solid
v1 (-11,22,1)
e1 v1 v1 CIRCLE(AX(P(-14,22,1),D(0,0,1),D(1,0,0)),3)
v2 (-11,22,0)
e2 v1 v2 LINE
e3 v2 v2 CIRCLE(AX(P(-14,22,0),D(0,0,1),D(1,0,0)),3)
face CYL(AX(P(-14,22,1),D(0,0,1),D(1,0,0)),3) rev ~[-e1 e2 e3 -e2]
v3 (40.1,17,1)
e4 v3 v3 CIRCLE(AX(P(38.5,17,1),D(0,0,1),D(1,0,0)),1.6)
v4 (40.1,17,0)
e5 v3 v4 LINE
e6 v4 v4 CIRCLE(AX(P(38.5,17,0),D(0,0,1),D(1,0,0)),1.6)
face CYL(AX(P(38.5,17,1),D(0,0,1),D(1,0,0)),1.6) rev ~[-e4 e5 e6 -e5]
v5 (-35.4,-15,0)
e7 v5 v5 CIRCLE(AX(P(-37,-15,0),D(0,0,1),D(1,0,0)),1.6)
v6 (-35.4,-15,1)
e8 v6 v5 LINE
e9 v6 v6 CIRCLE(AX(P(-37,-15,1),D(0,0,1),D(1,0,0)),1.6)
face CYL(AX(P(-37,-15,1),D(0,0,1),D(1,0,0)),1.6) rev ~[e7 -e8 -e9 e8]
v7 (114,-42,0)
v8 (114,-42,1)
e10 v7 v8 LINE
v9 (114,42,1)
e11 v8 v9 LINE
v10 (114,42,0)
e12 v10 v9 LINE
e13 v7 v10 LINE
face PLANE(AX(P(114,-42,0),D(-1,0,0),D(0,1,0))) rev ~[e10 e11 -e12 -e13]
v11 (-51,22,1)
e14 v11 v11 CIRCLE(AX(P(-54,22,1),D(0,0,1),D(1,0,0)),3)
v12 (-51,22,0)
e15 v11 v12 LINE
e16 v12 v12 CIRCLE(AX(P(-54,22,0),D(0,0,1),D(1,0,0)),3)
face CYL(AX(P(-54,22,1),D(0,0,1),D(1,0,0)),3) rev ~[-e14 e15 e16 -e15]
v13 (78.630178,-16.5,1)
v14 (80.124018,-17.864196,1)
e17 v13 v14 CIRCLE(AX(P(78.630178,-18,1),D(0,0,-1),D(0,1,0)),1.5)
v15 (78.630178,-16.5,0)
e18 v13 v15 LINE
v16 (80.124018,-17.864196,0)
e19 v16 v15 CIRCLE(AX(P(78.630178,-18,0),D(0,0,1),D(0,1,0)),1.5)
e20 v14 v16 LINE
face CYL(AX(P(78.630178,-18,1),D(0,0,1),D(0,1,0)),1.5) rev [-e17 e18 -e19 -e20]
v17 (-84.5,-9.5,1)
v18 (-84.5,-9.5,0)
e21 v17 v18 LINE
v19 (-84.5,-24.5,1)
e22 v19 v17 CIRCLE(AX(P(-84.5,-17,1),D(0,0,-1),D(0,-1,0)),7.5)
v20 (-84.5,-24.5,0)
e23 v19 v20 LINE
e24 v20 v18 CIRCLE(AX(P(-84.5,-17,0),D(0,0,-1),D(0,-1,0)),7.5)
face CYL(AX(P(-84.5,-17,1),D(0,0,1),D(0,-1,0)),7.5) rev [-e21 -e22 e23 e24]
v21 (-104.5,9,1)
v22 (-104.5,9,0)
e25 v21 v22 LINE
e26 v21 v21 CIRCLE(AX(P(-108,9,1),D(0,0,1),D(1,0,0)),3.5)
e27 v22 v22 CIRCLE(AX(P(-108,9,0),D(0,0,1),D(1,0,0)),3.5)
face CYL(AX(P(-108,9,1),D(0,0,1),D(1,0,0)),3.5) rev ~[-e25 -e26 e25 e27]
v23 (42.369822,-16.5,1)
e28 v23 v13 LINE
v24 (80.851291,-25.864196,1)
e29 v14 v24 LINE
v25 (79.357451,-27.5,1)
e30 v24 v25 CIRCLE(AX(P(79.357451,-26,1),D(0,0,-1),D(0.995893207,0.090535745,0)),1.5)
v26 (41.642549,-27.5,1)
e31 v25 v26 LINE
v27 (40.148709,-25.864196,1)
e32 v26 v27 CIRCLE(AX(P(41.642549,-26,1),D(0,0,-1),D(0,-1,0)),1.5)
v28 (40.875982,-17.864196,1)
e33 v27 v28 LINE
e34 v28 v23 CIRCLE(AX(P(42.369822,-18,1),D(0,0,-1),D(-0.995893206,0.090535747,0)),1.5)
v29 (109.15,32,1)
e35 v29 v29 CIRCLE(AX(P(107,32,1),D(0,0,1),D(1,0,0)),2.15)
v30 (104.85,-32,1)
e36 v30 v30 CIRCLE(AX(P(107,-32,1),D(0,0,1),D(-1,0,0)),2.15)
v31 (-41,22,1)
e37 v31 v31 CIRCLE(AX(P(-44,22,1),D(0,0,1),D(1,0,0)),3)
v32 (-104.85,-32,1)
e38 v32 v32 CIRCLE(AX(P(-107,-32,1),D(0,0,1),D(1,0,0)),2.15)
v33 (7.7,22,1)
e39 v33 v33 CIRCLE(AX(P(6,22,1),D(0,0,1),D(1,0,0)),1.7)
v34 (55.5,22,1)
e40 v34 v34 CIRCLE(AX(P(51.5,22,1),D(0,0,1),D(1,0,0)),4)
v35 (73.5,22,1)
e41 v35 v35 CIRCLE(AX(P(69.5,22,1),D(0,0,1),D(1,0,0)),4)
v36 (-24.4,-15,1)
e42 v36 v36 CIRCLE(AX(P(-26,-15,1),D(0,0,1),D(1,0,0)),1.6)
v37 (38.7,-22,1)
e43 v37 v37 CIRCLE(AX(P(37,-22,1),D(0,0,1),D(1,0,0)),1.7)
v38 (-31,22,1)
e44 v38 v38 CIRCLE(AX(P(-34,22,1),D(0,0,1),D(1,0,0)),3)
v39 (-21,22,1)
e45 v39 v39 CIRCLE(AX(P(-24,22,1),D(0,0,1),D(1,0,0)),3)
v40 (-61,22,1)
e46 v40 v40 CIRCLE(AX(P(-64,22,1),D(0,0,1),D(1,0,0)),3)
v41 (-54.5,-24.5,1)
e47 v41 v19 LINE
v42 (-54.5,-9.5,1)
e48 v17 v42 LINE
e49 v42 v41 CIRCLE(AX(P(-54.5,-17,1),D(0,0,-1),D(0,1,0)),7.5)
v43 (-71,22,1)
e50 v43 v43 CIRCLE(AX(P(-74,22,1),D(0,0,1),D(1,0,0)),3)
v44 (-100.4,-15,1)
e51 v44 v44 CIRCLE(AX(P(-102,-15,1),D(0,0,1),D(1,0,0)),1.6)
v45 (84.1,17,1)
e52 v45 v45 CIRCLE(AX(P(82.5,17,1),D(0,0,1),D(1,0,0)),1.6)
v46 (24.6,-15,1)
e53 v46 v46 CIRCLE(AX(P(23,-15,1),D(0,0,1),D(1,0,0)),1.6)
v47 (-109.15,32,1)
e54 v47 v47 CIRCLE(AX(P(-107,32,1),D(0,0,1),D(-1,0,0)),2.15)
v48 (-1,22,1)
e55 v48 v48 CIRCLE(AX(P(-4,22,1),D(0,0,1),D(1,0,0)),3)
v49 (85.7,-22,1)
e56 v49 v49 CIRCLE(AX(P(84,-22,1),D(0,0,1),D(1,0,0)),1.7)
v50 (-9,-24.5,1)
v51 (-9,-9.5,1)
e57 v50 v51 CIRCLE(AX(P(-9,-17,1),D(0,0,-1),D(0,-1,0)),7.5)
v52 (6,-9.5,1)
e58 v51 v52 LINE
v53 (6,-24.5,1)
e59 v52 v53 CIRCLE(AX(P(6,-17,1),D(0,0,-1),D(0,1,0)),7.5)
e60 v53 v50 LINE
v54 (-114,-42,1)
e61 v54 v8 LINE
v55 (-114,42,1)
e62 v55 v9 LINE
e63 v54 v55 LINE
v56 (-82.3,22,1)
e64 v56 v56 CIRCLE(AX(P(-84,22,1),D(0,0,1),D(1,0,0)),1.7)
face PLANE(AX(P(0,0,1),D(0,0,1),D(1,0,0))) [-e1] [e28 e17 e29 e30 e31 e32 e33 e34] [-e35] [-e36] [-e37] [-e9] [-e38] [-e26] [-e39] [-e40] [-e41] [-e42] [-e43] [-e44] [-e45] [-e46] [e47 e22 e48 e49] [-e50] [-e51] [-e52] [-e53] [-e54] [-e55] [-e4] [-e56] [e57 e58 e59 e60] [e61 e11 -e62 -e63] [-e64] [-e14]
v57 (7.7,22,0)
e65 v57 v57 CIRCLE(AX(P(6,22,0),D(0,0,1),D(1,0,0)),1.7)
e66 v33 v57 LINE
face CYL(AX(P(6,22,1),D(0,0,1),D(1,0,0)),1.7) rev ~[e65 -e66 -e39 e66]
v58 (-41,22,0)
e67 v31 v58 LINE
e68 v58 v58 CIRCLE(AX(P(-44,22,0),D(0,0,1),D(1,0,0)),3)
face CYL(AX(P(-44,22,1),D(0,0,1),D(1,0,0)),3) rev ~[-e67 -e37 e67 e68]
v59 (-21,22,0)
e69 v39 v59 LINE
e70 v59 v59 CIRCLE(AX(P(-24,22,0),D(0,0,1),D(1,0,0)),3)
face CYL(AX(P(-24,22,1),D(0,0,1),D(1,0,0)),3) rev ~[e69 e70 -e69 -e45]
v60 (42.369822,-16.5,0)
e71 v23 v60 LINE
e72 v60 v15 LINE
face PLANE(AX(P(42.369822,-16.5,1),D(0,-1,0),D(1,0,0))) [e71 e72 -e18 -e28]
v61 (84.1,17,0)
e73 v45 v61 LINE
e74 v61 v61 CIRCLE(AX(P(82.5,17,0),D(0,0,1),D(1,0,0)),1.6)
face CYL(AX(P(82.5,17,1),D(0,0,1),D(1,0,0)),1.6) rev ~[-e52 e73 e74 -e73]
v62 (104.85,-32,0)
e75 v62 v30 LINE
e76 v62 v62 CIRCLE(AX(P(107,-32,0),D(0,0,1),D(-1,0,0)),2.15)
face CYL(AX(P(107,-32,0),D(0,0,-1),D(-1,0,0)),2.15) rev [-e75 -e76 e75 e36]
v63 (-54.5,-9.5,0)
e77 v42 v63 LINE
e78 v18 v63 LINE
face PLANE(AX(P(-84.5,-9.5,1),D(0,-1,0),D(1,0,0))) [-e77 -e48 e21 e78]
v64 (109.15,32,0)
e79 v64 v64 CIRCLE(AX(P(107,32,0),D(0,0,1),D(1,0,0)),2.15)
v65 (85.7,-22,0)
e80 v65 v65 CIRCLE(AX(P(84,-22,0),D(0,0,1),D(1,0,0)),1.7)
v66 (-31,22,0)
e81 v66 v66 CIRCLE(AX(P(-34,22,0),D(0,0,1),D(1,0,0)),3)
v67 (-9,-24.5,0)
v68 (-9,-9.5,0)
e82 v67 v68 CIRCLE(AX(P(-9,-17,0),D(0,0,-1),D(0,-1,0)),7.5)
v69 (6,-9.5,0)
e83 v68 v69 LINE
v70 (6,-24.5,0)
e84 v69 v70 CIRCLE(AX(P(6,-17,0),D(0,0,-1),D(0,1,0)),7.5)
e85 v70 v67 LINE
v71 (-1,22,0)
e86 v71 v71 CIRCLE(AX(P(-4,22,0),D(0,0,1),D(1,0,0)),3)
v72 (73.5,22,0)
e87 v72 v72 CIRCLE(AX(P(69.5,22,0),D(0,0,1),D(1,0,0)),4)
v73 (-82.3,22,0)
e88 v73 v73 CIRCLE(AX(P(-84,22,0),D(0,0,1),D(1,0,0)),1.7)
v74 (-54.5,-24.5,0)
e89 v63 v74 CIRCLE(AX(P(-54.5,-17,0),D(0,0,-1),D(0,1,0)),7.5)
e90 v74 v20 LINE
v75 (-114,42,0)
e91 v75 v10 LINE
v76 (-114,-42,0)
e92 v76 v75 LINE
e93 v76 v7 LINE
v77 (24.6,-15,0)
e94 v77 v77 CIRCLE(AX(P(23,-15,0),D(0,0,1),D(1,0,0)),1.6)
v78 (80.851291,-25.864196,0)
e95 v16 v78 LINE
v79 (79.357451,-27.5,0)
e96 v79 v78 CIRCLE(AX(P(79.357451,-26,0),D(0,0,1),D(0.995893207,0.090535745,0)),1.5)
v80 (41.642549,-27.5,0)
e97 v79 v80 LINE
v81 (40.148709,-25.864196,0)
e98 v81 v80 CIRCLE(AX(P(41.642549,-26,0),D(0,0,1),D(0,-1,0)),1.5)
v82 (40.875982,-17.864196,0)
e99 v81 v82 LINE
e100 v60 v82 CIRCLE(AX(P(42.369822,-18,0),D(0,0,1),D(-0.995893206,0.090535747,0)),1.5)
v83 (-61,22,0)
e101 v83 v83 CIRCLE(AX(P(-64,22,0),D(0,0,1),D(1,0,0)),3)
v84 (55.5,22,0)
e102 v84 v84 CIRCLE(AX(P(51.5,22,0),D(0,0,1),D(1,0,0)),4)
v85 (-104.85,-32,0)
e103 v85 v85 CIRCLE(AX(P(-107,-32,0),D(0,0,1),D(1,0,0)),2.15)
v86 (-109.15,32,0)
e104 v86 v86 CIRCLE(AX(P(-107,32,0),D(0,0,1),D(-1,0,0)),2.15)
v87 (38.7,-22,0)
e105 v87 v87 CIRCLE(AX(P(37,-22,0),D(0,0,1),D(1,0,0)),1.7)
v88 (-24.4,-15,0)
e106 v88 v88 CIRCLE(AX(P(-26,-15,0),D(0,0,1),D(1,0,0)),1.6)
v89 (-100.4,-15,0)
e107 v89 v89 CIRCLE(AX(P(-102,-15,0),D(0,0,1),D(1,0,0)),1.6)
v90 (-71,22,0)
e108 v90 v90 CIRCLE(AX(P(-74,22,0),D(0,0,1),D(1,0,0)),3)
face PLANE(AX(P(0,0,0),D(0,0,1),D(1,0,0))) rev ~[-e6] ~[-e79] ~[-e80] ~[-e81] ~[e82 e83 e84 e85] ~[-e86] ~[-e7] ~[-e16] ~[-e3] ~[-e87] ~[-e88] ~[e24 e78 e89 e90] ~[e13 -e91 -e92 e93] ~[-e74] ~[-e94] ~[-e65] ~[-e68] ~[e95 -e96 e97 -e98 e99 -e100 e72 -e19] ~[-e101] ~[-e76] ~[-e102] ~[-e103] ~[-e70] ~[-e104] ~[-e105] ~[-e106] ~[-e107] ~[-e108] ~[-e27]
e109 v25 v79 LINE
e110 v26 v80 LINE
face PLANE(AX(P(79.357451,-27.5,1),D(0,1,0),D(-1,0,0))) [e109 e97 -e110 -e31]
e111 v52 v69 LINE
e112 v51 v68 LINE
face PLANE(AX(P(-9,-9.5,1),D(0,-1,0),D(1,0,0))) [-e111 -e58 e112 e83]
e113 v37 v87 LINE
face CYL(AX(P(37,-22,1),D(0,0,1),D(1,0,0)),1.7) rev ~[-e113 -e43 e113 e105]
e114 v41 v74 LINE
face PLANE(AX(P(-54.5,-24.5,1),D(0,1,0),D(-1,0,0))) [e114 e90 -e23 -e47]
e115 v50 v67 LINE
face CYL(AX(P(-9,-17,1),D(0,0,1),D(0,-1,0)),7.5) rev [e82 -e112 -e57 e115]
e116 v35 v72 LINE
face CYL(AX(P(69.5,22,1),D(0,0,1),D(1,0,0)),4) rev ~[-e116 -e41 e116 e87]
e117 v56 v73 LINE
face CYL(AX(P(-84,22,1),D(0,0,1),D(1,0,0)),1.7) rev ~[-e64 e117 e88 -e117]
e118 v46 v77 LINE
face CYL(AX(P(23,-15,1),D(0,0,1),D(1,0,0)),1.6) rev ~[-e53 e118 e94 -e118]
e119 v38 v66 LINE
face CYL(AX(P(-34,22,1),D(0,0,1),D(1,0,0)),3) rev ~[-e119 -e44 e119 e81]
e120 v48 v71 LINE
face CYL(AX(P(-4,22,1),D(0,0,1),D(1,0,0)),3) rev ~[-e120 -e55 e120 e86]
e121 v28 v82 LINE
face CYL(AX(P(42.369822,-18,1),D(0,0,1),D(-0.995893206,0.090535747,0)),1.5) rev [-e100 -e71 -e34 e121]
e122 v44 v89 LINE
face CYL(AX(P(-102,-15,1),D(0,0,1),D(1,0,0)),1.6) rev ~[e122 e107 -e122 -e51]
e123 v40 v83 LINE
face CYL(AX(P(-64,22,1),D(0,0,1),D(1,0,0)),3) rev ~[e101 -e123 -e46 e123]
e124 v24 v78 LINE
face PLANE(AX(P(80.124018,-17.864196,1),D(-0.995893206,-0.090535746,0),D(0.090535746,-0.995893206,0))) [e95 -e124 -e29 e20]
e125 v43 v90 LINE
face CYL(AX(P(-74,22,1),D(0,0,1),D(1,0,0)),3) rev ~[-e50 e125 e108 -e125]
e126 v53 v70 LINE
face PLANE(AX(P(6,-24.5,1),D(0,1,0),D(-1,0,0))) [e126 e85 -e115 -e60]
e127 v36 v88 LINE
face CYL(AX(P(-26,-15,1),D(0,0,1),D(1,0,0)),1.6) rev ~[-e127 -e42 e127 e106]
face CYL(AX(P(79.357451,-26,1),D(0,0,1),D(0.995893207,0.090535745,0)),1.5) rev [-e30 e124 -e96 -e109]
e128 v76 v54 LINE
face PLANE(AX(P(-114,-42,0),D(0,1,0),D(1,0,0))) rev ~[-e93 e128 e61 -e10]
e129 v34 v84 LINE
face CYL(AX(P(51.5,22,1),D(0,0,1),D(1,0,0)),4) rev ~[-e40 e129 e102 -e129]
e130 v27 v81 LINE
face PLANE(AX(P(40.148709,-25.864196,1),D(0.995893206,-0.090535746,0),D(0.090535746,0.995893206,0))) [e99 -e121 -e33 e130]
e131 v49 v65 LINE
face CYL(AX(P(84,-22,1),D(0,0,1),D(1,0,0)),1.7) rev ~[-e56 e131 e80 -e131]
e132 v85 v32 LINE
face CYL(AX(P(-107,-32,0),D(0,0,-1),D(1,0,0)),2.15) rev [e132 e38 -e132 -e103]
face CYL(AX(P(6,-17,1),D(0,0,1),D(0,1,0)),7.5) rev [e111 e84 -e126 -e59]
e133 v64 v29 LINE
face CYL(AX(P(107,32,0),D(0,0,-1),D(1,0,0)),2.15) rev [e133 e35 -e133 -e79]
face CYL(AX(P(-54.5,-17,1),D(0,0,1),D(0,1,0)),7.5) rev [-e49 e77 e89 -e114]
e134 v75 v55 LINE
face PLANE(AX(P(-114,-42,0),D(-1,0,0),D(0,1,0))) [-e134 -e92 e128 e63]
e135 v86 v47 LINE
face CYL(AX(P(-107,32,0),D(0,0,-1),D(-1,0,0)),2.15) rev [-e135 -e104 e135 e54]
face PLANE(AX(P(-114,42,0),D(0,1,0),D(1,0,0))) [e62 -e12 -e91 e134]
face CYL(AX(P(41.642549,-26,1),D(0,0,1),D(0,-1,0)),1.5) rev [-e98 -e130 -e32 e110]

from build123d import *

# Parameters (mm, degrees)
SKETCH_1_W          = 228
SKETCH_1_H          = 84
SKETCH_1_R          = 2.15
EXTRUDE_1_DEPTH     = 1
SKETCH_3_R          = 1.7
SKETCH_3_R_2        = 1.6
SKETCH_3_R_3        = 4
CUT_EXTRUDE_1_DEPTH = 10
SKETCH_4_R          = 3.5
SKETCH_4_R_2        = 1.6
CUT_EXTRUDE_2_DEPTH = 1
SKETCH_5_R          = 1.7
SKETCH_5_R_2        = 3
CUT_EXTRUDE_3_DEPTH = 10


with BuildPart() as part:
    # Эскиз1 → Вытянуть1 (new body)
    with BuildSketch(Plane.XY):
        Rectangle(SKETCH_1_W, SKETCH_1_H)
        with Locations((107, 32)):
            Circle(SKETCH_1_R, mode=Mode.SUBTRACT)
        with Locations(Location((-107, 32, 0), (0, 0, 180))):
            Circle(SKETCH_1_R, mode=Mode.SUBTRACT)
        with Locations((-107, -32)):
            Circle(SKETCH_1_R, mode=Mode.SUBTRACT)
        with Locations(Location((107, -32, 0), (0, 0, 180))):
            Circle(SKETCH_1_R, mode=Mode.SUBTRACT)
    extrude(amount=EXTRUDE_1_DEPTH)

    # Эскиз3 → Вырез-Вытянуть1 (cut)
    with BuildSketch(Plane.XY.offset(1)):
        with Locations((37, -22)):
            Circle(SKETCH_3_R)
        with Locations((84, -22)):
            Circle(SKETCH_3_R)
        with Locations((38.5, 17)):
            Circle(SKETCH_3_R_2)
        with Locations((82.5, 17)):
            Circle(SKETCH_3_R_2)
        with Locations((51.5, 22)):
            Circle(SKETCH_3_R_3)
        with Locations((69.5, 22)):
            Circle(SKETCH_3_R_3)
        with BuildLine():
            Line((40.14870942, -25.864196381), (40.875982147, -17.864196381))
            ThreePointArc((40.875982147, -17.864196381), (41.358314525, -16.892366164), (42.369821957, -16.5))
            Line((42.369821957, -16.5), (78.630178043, -16.5))
            ThreePointArc((78.630178043, -16.5), (79.641685475, -16.892366164), (80.124017853, -17.864196381))
            Line((80.124017853, -17.864196381), (80.85129058, -25.864196381))
            ThreePointArc((80.85129058, -25.864196381), (80.465084606, -27.011507432), (79.35745077, -27.5))
            Line((79.35745077, -27.5), (41.64254923, -27.5))
            ThreePointArc((41.64254923, -27.5), (40.534915394, -27.011507432), (40.14870942, -25.864196381))
        make_face()
    extrude(amount=-CUT_EXTRUDE_1_DEPTH, mode=Mode.SUBTRACT)

    # Эскиз4 → Вырез-Вытянуть2 (cut)
    with BuildSketch(Plane.XY.offset(1)):
        with Locations((-108, 9)):
            Circle(SKETCH_4_R)
        with Locations((-102, -15)):
            Circle(SKETCH_4_R_2)
        with Locations((-37, -15)):
            Circle(SKETCH_4_R_2)
        with Locations((-26, -15)):
            Circle(SKETCH_4_R_2)
        with Locations((23, -15)):
            Circle(SKETCH_4_R_2)
        with BuildLine():
            Line((-84.5, -9.5), (-54.5, -9.5))
            ThreePointArc((-54.5, -9.5), (-47, -17), (-54.5, -24.5))
            Line((-54.5, -24.5), (-84.5, -24.5))
            ThreePointArc((-84.5, -24.5), (-92, -17), (-84.5, -9.5))
        make_face()
        with BuildLine():
            Line((-9, -9.5), (6, -9.5))
            ThreePointArc((6, -9.5), (13.5, -17), (6, -24.5))
            Line((6, -24.5), (-9, -24.5))
            ThreePointArc((-9, -24.5), (-16.5, -17), (-9, -9.5))
        make_face()
    extrude(amount=-CUT_EXTRUDE_2_DEPTH, mode=Mode.SUBTRACT)

    # Эскиз5 → Вырез-Вытянуть3 (cut)
    with BuildSketch(Plane.XY.offset(1)):
        with Locations((-84, 22)):
            Circle(SKETCH_5_R)
        with Locations((6, 22)):
            Circle(SKETCH_5_R)
        with Locations((-4, 22)):
            Circle(SKETCH_5_R_2)
        with Locations((-14, 22)):
            Circle(SKETCH_5_R_2)
        with Locations((-24, 22)):
            Circle(SKETCH_5_R_2)
        with Locations((-34, 22)):
            Circle(SKETCH_5_R_2)
        with Locations((-44, 22)):
            Circle(SKETCH_5_R_2)
        with Locations((-54, 22)):
            Circle(SKETCH_5_R_2)
        with Locations((-64, 22)):
            Circle(SKETCH_5_R_2)
        with Locations((-74, 22)):
            Circle(SKETCH_5_R_2)
    extrude(amount=-CUT_EXTRUDE_3_DEPTH, mode=Mode.SUBTRACT)


solid = part.part
